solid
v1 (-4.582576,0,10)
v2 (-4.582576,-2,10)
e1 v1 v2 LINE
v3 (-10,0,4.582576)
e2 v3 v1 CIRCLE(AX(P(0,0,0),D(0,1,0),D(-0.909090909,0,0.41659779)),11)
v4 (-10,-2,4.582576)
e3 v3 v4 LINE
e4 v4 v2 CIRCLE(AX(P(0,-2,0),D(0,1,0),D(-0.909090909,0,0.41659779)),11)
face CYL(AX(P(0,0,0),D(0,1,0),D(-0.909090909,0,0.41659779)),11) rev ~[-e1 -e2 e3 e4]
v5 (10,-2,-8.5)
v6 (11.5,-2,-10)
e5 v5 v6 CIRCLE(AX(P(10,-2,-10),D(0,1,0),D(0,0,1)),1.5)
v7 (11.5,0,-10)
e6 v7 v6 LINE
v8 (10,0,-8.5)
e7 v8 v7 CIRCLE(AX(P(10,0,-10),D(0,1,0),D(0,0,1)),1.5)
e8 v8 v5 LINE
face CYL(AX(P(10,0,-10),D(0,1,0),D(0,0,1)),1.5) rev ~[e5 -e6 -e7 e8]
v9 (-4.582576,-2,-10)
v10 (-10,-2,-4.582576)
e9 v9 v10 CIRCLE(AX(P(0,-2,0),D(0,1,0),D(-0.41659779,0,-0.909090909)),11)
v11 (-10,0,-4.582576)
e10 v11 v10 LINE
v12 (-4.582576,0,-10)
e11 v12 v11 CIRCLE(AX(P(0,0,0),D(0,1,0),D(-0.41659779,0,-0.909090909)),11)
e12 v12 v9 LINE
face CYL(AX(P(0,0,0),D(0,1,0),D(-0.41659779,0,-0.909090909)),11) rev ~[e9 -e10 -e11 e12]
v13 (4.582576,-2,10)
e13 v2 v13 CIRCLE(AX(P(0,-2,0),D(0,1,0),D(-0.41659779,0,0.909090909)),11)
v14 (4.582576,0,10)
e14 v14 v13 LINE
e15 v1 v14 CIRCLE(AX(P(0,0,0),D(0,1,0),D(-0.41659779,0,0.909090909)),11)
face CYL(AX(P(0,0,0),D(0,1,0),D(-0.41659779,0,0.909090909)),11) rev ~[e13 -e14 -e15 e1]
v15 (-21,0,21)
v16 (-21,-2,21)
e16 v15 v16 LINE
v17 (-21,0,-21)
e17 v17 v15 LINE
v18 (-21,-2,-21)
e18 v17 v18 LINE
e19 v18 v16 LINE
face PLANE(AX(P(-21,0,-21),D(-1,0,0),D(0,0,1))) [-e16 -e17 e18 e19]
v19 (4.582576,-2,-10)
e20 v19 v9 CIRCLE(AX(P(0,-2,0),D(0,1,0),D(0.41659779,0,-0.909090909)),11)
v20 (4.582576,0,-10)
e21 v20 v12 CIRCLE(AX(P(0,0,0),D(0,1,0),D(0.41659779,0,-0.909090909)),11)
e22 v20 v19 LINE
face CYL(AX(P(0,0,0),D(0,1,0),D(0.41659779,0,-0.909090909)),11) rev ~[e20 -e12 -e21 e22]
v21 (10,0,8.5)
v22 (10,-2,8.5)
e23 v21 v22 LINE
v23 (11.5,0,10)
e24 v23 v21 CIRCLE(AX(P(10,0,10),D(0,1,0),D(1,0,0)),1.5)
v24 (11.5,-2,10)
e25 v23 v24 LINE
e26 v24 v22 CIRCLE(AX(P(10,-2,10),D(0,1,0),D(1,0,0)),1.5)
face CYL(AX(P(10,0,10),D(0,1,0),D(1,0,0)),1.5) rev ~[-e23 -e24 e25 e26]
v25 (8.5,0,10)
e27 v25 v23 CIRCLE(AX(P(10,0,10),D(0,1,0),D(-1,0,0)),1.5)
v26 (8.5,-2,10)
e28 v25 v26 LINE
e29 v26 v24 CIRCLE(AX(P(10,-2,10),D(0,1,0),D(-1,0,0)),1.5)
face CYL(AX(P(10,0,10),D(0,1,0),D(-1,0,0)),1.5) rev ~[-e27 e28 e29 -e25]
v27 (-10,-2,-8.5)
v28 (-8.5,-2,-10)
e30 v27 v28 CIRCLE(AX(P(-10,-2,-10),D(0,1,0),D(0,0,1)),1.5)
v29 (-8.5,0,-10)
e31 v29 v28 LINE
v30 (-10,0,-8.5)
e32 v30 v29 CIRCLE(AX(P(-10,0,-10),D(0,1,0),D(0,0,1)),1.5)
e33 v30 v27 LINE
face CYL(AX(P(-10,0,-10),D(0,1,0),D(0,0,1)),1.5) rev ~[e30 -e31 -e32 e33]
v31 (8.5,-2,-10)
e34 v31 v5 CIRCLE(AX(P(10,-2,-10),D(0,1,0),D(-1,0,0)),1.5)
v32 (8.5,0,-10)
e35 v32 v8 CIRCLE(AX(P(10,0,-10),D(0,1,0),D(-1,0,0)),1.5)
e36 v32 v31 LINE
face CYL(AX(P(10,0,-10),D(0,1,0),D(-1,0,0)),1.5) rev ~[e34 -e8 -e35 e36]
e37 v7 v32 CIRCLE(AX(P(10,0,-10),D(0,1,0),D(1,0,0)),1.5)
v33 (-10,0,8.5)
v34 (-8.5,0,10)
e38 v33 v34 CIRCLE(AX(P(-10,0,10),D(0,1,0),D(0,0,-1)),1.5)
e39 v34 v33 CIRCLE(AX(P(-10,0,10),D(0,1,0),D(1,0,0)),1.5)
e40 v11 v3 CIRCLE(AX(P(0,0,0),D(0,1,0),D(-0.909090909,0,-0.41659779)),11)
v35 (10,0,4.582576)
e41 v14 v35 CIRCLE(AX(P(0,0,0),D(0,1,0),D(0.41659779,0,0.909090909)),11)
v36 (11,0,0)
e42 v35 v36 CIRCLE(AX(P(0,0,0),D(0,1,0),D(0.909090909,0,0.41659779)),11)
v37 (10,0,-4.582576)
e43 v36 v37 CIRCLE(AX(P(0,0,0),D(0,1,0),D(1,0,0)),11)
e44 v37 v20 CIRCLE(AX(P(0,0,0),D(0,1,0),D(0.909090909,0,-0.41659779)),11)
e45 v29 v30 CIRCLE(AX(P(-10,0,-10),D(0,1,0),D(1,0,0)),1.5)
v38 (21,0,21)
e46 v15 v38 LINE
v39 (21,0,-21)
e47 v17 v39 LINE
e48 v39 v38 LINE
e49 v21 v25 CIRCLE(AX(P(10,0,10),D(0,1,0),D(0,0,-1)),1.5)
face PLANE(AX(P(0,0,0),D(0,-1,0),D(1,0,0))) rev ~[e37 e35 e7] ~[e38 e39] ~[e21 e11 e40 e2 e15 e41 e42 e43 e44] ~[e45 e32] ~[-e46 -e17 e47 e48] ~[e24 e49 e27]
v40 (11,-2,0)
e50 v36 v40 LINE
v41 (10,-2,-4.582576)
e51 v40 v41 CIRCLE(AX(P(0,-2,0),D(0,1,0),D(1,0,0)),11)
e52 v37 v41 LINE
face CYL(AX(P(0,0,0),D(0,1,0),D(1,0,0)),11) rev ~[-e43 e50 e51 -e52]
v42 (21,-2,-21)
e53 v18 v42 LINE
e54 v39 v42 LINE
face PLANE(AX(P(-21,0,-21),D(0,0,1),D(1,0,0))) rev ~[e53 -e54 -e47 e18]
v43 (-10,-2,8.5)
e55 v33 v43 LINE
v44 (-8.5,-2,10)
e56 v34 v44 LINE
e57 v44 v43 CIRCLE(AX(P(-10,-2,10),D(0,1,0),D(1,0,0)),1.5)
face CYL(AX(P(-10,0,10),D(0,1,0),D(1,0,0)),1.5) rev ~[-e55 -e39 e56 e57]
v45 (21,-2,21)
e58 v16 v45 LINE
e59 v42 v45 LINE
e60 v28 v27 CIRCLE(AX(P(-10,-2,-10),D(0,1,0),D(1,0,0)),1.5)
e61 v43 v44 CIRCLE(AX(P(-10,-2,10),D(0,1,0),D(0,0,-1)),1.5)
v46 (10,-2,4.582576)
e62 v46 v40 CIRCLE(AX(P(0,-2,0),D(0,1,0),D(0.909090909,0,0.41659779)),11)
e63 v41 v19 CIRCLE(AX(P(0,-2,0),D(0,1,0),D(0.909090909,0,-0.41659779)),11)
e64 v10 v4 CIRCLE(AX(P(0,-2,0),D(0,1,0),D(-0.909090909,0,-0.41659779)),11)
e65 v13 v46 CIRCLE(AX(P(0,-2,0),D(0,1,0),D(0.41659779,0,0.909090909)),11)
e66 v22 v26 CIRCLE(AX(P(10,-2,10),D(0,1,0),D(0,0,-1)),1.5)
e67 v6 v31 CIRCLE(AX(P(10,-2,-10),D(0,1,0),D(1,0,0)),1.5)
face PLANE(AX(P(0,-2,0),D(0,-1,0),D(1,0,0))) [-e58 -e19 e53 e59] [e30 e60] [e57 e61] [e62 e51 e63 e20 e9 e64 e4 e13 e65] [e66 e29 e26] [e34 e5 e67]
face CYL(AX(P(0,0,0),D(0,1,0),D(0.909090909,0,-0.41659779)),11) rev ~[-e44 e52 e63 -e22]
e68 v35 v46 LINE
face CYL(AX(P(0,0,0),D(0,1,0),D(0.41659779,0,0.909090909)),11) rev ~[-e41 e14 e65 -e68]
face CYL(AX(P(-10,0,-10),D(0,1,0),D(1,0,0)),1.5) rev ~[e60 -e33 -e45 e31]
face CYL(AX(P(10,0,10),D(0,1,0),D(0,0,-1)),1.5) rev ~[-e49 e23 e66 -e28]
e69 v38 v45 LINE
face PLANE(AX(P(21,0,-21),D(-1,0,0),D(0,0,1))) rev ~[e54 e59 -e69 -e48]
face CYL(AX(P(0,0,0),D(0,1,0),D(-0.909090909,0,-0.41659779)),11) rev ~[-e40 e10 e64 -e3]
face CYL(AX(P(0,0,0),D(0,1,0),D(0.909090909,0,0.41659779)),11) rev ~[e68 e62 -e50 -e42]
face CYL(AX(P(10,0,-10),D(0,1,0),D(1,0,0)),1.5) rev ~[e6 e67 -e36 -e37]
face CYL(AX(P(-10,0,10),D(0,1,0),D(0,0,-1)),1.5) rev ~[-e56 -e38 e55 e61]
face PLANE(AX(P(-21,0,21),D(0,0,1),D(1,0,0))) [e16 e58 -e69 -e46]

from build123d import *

# Parameters (mm, degrees)
F0_W     = 42
F0_H     = 42
F1_DEPTH = 2


with BuildPart() as f1:
    # F0 (on Front) → F1 (new body)
    with BuildSketch(Plane.XZ):
        Rectangle(F0_W, F0_H)
        with BuildLine():
            ThreePointArc((-10, 8.5), (-11.0606601718, 11.0606601718), (-8.5, 10))
            Line((-8.5, 10), (-4.582575695, 10))
            ThreePointArc((-4.582575695, 10), (0, 11), (4.582575695, 10))
            Line((4.582575695, 10), (8.5, 10))
            ThreePointArc((8.5, 10), (10, 11.5), (11.5, 10))
            ThreePointArc((11.5, 10), (11.0606601718, 8.9393398282), (10, 8.5))
            Line((10, 8.5), (10, 4.582575695))
            ThreePointArc((10, 4.582575695), (10.7470926301, 2.3452078799), (11, 0))
            ThreePointArc((11, 0), (10.7470926301, -2.3452078799), (10, -4.582575695))
            Line((10, -4.582575695), (10, -8.5))
            ThreePointArc((10, -8.5), (11.0606601718, -8.9393398282), (11.5, -10))
            ThreePointArc((11.5, -10), (10, -11.5), (8.5, -10))
            Line((8.5, -10), (4.582575695, -10))
            ThreePointArc((4.582575695, -10), (0, -11), (-4.582575695, -10))
            Line((-4.582575695, -10), (-8.5, -10))
            ThreePointArc((-8.5, -10), (-11.0606601718, -11.0606601718), (-10, -8.5))
            Line((-10, -8.5), (-10, -4.582575695))
            ThreePointArc((-10, -4.582575695), (-11, 0), (-10, 4.582575695))
            Line((-10, 4.582575695), (-10, 8.5))
        make_face(mode=Mode.SUBTRACT)
        with BuildLine():
            Line((-4.582575695, 10), (-8.5, 10))
            ThreePointArc((-8.5, 10), (-8.9393398282, 8.9393398282), (-10, 8.5))
            Line((-10, 8.5), (-10, 4.582575695))
            ThreePointArc((-10, 4.582575695), (-7.7781745931, 7.7781745931), (-4.582575695, 10))
        make_face()
        with BuildLine():
            ThreePointArc((-4.582575695, -10), (-7.7781745931, -7.7781745931), (-10, -4.582575695))
            Line((-10, -4.582575695), (-10, -8.5))
            ThreePointArc((-10, -8.5), (-8.9393398282, -8.9393398282), (-8.5, -10))
            Line((-8.5, -10), (-4.582575695, -10))
        make_face()
        with BuildLine():
            Line((10, -8.5), (10, -4.582575695))
            ThreePointArc((10, -4.582575695), (7.7781745931, -7.7781745931), (4.582575695, -10))
            Line((4.582575695, -10), (8.5, -10))
            ThreePointArc((8.5, -10), (8.9393398282, -8.9393398282), (10, -8.5))
        make_face()
        with BuildLine():
            Line((8.5, 10), (4.582575695, 10))
            ThreePointArc((4.582575695, 10), (7.7781745931, 7.7781745931), (10, 4.582575695))
            Line((10, 4.582575695), (10, 8.5))
            ThreePointArc((10, 8.5), (8.9393398282, 8.9393398282), (8.5, 10))
        make_face()
    extrude(amount=F1_DEPTH)


solid = f1.part
